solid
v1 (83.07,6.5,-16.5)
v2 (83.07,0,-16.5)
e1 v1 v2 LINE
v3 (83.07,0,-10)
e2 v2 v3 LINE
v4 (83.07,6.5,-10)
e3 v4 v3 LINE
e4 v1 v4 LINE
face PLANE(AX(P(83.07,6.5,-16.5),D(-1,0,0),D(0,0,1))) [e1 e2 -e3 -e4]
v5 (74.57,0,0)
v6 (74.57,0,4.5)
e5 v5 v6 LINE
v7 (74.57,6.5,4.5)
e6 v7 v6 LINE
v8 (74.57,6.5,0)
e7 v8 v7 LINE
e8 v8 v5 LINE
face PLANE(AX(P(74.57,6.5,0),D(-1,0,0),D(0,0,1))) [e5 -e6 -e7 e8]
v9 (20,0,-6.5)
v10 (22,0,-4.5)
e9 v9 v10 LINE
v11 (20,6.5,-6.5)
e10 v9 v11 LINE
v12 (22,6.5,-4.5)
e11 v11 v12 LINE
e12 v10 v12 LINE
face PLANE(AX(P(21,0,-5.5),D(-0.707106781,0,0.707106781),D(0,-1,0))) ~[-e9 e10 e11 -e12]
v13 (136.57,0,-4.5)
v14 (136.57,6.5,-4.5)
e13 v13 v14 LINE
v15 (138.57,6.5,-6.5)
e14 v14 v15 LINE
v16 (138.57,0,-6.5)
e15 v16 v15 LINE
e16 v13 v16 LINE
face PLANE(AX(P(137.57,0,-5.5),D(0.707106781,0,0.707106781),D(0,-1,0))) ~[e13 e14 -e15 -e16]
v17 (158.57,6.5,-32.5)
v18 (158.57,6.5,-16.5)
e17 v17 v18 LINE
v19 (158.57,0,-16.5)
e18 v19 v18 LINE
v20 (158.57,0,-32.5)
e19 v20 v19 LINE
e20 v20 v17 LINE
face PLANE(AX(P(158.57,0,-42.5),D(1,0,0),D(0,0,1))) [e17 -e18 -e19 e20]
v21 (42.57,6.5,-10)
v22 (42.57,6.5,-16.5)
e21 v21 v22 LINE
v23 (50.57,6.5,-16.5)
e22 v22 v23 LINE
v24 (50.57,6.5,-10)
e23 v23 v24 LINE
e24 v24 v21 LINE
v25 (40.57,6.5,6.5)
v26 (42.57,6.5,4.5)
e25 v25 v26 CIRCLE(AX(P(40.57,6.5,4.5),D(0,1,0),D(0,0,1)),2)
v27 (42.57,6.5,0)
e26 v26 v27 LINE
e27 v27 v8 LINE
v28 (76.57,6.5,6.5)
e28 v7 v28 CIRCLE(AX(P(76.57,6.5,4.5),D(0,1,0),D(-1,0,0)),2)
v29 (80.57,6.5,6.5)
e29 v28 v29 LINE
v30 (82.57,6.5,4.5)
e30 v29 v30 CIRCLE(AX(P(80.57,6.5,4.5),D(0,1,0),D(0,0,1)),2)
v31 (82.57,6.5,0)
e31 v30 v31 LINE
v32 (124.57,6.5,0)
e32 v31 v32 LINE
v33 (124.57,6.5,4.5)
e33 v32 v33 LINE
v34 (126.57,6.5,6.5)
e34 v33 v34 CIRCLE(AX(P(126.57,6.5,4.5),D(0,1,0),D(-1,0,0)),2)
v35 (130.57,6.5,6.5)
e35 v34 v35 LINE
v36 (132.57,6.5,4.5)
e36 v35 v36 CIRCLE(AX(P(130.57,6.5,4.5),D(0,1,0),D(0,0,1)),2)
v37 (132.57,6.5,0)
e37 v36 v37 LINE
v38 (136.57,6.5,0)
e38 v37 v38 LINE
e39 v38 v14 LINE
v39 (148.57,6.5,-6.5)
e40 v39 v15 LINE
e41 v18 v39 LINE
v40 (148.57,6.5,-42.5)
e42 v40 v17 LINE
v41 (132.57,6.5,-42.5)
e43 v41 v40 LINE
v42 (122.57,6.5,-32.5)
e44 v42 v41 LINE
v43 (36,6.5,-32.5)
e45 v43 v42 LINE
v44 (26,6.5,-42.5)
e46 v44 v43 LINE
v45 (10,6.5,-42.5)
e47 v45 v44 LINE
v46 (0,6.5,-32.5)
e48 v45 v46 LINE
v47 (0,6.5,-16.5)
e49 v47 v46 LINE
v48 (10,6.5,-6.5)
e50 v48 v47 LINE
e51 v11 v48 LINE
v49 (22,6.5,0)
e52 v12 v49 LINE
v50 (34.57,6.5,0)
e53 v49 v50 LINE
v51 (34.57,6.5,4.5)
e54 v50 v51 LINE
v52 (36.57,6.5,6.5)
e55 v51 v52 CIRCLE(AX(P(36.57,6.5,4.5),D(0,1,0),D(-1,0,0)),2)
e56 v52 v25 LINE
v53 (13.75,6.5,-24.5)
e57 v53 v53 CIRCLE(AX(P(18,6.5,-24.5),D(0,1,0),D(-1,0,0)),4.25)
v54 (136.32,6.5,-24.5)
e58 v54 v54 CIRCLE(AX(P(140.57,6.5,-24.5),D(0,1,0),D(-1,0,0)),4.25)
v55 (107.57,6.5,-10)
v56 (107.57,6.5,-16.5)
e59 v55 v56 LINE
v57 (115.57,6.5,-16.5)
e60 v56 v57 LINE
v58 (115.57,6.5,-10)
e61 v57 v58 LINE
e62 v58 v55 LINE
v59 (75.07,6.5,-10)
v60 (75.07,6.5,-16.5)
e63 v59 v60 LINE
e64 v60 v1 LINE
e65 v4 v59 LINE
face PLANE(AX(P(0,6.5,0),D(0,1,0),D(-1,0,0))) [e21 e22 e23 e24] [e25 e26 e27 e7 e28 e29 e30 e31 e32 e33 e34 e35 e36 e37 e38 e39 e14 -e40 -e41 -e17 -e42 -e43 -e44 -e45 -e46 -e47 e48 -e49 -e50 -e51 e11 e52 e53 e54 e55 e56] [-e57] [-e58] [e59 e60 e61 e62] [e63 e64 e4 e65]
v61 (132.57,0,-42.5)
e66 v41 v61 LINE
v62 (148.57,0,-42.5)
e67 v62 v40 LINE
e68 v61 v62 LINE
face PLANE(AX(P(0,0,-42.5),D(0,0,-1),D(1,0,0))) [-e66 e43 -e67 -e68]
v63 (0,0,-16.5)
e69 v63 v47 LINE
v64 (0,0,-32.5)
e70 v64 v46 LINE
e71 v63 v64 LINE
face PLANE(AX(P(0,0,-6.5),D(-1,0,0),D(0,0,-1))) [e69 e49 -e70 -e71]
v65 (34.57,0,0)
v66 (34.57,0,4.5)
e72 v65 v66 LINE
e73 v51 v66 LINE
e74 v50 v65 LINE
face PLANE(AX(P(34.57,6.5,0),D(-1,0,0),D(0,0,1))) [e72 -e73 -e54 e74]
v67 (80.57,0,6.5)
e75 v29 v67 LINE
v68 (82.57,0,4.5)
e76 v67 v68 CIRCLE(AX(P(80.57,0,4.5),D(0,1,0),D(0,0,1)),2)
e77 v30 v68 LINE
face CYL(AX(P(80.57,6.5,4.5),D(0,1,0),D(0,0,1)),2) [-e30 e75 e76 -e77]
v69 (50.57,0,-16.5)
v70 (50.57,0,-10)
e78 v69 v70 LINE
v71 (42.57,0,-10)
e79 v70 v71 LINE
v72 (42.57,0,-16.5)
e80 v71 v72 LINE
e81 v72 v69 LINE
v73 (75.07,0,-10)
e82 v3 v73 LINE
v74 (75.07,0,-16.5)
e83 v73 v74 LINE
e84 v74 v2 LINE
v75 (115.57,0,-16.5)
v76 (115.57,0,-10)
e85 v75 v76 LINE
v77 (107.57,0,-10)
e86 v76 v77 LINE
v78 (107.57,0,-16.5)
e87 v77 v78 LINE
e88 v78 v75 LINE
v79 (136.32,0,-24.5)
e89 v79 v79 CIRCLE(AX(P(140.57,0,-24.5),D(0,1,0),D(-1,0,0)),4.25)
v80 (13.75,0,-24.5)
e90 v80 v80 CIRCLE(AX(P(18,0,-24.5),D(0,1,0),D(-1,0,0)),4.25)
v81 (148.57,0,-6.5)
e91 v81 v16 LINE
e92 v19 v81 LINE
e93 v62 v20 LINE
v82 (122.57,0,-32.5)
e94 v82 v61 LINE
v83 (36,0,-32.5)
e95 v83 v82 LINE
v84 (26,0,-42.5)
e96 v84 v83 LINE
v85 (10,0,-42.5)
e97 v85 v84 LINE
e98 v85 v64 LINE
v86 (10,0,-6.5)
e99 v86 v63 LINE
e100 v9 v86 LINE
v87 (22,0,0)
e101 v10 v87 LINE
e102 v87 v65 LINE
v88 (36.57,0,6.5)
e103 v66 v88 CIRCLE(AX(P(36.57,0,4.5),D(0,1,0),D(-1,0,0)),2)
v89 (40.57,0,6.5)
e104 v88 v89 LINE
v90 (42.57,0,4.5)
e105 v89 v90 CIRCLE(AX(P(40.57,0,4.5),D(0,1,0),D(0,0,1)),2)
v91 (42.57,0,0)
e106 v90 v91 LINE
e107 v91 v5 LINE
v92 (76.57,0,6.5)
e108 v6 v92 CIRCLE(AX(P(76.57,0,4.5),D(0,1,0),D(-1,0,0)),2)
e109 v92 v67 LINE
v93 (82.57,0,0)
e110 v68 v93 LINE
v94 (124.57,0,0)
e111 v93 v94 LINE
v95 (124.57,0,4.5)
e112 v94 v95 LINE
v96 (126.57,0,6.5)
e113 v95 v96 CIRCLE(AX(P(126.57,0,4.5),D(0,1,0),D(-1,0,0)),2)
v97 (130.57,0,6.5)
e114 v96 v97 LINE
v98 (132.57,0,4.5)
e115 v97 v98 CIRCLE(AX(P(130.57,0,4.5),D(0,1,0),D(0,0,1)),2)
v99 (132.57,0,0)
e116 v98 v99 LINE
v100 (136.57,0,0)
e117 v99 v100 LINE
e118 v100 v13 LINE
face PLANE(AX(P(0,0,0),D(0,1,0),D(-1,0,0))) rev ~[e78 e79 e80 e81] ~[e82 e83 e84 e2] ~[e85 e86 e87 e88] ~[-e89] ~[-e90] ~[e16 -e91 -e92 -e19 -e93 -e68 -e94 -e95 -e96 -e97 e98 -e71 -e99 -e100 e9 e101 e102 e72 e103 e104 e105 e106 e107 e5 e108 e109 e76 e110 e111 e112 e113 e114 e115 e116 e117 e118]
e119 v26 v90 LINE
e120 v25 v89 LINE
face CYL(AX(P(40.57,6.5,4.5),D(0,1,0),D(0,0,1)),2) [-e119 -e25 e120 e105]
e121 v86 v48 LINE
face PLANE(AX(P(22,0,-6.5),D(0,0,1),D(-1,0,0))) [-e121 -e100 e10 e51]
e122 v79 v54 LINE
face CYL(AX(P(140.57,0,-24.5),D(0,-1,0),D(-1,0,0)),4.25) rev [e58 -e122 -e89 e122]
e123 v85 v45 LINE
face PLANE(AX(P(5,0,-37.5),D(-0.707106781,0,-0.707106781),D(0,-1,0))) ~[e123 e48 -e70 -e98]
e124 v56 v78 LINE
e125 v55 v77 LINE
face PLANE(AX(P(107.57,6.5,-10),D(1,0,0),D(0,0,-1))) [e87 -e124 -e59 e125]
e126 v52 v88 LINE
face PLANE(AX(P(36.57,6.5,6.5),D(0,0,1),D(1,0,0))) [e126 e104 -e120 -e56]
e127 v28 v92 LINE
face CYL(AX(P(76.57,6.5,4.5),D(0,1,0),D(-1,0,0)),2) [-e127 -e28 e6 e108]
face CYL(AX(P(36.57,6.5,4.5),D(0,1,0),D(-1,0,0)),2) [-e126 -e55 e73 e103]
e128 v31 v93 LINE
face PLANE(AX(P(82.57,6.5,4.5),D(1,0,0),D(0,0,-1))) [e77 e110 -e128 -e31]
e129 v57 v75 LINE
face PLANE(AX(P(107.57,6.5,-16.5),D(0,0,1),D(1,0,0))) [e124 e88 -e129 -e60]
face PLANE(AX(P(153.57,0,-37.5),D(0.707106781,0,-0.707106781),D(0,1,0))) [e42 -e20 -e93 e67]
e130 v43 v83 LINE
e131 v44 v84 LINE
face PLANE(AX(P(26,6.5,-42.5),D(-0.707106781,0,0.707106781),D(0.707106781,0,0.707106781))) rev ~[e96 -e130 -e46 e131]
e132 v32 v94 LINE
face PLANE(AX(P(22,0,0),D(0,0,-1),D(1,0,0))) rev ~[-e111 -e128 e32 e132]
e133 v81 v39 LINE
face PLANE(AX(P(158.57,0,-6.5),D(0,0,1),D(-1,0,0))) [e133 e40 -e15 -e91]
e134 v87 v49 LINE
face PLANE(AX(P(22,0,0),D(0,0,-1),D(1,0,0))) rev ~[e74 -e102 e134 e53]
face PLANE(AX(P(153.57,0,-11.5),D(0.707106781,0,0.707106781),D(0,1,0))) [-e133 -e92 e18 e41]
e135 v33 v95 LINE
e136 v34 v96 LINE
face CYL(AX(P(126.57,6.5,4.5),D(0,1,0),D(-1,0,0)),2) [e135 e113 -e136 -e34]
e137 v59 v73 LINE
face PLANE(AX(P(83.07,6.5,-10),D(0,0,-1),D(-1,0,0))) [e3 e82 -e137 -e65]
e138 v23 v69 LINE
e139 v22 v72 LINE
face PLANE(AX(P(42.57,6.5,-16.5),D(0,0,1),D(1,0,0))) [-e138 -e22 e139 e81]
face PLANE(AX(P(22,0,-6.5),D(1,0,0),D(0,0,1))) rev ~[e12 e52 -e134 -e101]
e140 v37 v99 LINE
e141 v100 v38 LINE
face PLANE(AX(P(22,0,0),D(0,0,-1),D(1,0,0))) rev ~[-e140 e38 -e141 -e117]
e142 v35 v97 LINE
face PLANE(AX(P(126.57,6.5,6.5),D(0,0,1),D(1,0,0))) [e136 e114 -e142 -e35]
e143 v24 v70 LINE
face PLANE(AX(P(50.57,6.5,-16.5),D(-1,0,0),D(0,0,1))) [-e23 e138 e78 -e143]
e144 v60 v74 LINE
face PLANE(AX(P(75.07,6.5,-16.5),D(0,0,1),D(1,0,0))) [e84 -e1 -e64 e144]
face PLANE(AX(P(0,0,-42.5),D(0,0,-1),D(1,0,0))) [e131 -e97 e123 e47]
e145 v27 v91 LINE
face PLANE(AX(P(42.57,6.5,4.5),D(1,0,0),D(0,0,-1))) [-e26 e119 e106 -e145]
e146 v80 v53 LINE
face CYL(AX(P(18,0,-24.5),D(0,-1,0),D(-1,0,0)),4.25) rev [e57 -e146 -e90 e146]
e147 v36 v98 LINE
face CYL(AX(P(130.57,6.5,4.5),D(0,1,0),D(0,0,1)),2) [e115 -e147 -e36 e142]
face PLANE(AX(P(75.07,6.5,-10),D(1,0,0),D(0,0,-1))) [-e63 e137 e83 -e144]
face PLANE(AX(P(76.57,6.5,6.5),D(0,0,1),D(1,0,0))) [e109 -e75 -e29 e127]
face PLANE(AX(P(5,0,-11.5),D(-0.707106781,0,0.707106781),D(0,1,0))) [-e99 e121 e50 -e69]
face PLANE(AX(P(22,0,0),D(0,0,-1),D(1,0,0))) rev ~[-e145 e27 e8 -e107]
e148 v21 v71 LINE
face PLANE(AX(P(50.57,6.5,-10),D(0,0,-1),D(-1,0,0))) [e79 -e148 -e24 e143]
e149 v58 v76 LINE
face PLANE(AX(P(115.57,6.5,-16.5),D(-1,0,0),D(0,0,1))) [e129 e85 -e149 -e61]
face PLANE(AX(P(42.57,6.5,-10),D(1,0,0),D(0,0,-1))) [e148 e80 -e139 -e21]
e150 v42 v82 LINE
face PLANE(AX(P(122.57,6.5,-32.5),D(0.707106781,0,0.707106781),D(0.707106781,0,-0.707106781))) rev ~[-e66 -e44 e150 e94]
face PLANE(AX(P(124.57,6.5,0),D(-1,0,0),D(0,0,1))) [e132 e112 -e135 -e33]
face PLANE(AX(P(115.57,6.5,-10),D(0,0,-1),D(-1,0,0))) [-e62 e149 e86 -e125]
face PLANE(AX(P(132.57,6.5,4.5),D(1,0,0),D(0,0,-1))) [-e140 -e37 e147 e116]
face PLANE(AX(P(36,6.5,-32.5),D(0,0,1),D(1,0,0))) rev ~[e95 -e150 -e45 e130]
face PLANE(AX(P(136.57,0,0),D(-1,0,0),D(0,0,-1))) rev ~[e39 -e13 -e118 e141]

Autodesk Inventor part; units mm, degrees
ref_plane "YZ Plane" through (0, 0, 0) normal (1, 0, 0) x (0, 1, 0)
ref_plane "XZ Plane" through (0, 0, 0) normal (0, 1, 0) x (-1, 0, 0)
ref_plane "XY Plane" through (0, 0, 0) normal (0, 0, 1) x (1, 0, 0)
sketch "Sketch1" plane through (0, 0, 0) normal (0, 1, 0) x (-1, 0, 0)
  circle A0 centre (-18, -24.5) radius 13 construction
  circle A1 centre (-140.57, -24.5) radius 13 construction
  circle A2 centre (-4.1, -24.5) radius 0.9 construction
  circle A3 centre (-154.47, -24.5) radius 0.9 construction
  line L0 (0, -42.5) -> (-158.57, -42.5)
  line L1 (-158.57, -42.5) -> (-158.57, -6.5)
  line L2 (0, -6.5) -> (0, -42.5)
  line L3 (-22, -6.5) -> (-22, 0)
  line L4 (-22, 0) -> (-136.57, 0)
  line L5 (-136.57, 0) -> (-136.57, -6.5)
  line L6 (-158.57, -6.5) -> (-136.57, -6.5)
  line L7 (-22, -6.5) -> (0, -6.5)
  circle A4 centre (-18, -24.5) radius 17 construction
  circle A5 centre (-18, -24.5) radius 4.25
  circle A6 centre (-140.57, -24.5) radius 4.25
  point P0 (0, 0)
  point P1 (0, -24.5)
  dimension "d0" = 26
  dimension "d1" = 1.8
  dimension "d3" = 150.37
  dimension "d4" = 36
  dimension "d5" = 18
  dimension "d6" = 18
  dimension "d7" = 6.5
  dimension "d8" = 34
  dimension "d9" = 22
  dimension "d10" = 22
  dimension "d11" = 8.5
extrude "Extrusion1" add sketch "Sketch1" along normal blind 6.5
chamfer "Chamfer1" distance 10 angle 45 4 edges at (0, 3.25, -42.5) (0, 3.25, -6.5) (158.57, 3.25, -6.5) (158.57, 3.25, -42.5)
sketch "Sketch2" plane through (0, 6.5, 0) normal (0, 1, 0) x (1, 0, 0)
  line L0 (148.57, 42.5) -> (10, 42.5) projected
  line L1 (158.57, 16.5) -> (148.57, 6.5) projected
  line L2 (158.57, 16.5) -> (158.57, 32.5) projected
  line L3 (26, 42.5) -> (36, 32.5)
  line L4 (36, 32.5) -> (122.57, 32.5)
  line L5 (122.57, 32.5) -> (132.57, 42.5)
  line L6 (26, 42.5) -> (132.57, 42.5)
  point P0 (0, 32.5)
  point P1 (0, 16.5)
  point P2 (0, 0)
  dimension "d17" = 10
  dimension "d18" = 16
  dimension "d19" = 16
  dimension "d20" = 16
extrude "Extrusion2" cut sketch "Sketch2" against normal through all
sketch "Sketch3" plane through (0, 6.5, 0) normal (0, 1, 0) x (1, 0, 0)
  line L0 (22, 0) -> (136.57, 0) projected
  circle A0 centre (140.57, 24.5) radius 4.25 projected
  circle A1 centre (18, 24.5) radius 4.25 projected
  line L1 (36.57, 16.5) -> (121.57, 16.5) construction
  line L2 (121.57, 16.5) -> (121.57, 10) construction
  line L3 (121.57, 10) -> (36.57, 10) construction
  line L4 (36.57, 10) -> (36.57, 16.5) construction
  circle A2 centre (18, 24.5) radius 17 construction
  circle A3 centre (140.57, 24.5) radius 17 construction
  line L5 (42.57, 16.5) -> (50.57, 16.5)
  line L6 (50.57, 16.5) -> (50.57, 10)
  line L7 (50.57, 10) -> (42.57, 10)
  line L8 (42.57, 10) -> (42.57, 16.5)
  line L9 (75.07, 16.5) -> (83.07, 16.5)
  line L10 (83.07, 16.5) -> (83.07, 10)
  line L11 (83.07, 10) -> (75.07, 10)
  line L12 (75.07, 10) -> (75.07, 16.5)
  line L13 (107.57, 16.5) -> (115.57, 16.5)
  line L14 (115.57, 16.5) -> (115.57, 10)
  line L15 (115.57, 10) -> (107.57, 10)
  line L16 (107.57, 10) -> (107.57, 16.5)
  line L17 (50.57, 13.25) -> (75.07, 13.25) construction
  line L18 (83.07, 13.25) -> (107.57, 13.25) construction
  point P0 (0, 0)
  dimension "d23" = 6.5
  dimension "d24" = 85
  dimension "d25" = 34
  dimension "d26" = 34
  dimension "d27" = 19
  dimension "d28" = 10
  dimension "d29" = 8
  dimension "d30" = 6
  dimension "d31" = 6
extrude "Extrusion3" cut sketch "Sketch3" against normal through all contours L5 L6 L7 L8 | L9 L10 L11 L12 | L13 L14 L15 L16
chamfer "Chamfer2" distance 2 angle 45 2 edges at (22, 3.25, -6.5) (136.57, 3.25, -6.5)
sketch "Sketch4" plane through (0, 6.5, 0) normal (0, 1, 0) x (1, 0, 0)
  line L0 (22, 0) -> (136.57, 0) projected
  line L1 (136.57, 0) -> (136.57, 4.5) projected
  line L2 (132.57, 0) -> (124.57, 0)
  line L3 (124.57, 0) -> (124.57, -4.5)
  line L4 (126.57, -6.5) -> (130.57, -6.5)
  line L5 (132.57, -4.5) -> (132.57, 0)
  line L6 (82.57, 0) -> (74.57, 0)
  line L7 (74.57, 0) -> (74.57, -4.5)
  line L8 (76.57, -6.5) -> (80.57, -6.5)
  line L9 (82.57, -4.5) -> (82.57, 0)
  line L10 (42.57, 0) -> (34.57, 0)
  line L11 (34.57, 0) -> (34.57, -4.5)
  line L12 (36.57, -6.5) -> (40.57, -6.5)
  line L13 (42.57, -4.5) -> (42.57, 0)
  arc A0 (124.57, -4.5) -> (126.57, -6.5) centre (126.57, -4.5) ccw
  arc A1 (130.57, -6.5) -> (132.57, -4.5) centre (130.57, -4.5) ccw
  arc A2 (80.57, -6.5) -> (82.57, -4.5) centre (80.57, -4.5) ccw
  arc A3 (74.57, -4.5) -> (76.57, -6.5) centre (76.57, -4.5) ccw
  arc A4 (40.57, -6.5) -> (42.57, -4.5) centre (40.57, -4.5) ccw
  arc A5 (34.57, -4.5) -> (36.57, -6.5) centre (36.57, -4.5) ccw
  point P0 (0, 0)
  dimension "d37" = 2
  dimension "d38" = 8
  dimension "d39" = 8
  dimension "d40" = 8
  dimension "d41" = 6.5
  dimension "d42" = 4
  dimension "d43" = 42
  dimension "d44" = 82
extrude "Extrusion4" add sketch "Sketch4" against normal blind 6.5
equation "\"d5\" = 0.5 * d4"
equation "\"d6\" = d5"
equation "\"d10\" = d9"
equation "\"d19\" = d18"
equation "\"d20\" = d19"
equation "\"d31\" = d30"
equation "\"d39\" = d38"
equation "\"d40\" = d39"
properties part number "z_pulley_holder_right" material "Plywood, Finish"
